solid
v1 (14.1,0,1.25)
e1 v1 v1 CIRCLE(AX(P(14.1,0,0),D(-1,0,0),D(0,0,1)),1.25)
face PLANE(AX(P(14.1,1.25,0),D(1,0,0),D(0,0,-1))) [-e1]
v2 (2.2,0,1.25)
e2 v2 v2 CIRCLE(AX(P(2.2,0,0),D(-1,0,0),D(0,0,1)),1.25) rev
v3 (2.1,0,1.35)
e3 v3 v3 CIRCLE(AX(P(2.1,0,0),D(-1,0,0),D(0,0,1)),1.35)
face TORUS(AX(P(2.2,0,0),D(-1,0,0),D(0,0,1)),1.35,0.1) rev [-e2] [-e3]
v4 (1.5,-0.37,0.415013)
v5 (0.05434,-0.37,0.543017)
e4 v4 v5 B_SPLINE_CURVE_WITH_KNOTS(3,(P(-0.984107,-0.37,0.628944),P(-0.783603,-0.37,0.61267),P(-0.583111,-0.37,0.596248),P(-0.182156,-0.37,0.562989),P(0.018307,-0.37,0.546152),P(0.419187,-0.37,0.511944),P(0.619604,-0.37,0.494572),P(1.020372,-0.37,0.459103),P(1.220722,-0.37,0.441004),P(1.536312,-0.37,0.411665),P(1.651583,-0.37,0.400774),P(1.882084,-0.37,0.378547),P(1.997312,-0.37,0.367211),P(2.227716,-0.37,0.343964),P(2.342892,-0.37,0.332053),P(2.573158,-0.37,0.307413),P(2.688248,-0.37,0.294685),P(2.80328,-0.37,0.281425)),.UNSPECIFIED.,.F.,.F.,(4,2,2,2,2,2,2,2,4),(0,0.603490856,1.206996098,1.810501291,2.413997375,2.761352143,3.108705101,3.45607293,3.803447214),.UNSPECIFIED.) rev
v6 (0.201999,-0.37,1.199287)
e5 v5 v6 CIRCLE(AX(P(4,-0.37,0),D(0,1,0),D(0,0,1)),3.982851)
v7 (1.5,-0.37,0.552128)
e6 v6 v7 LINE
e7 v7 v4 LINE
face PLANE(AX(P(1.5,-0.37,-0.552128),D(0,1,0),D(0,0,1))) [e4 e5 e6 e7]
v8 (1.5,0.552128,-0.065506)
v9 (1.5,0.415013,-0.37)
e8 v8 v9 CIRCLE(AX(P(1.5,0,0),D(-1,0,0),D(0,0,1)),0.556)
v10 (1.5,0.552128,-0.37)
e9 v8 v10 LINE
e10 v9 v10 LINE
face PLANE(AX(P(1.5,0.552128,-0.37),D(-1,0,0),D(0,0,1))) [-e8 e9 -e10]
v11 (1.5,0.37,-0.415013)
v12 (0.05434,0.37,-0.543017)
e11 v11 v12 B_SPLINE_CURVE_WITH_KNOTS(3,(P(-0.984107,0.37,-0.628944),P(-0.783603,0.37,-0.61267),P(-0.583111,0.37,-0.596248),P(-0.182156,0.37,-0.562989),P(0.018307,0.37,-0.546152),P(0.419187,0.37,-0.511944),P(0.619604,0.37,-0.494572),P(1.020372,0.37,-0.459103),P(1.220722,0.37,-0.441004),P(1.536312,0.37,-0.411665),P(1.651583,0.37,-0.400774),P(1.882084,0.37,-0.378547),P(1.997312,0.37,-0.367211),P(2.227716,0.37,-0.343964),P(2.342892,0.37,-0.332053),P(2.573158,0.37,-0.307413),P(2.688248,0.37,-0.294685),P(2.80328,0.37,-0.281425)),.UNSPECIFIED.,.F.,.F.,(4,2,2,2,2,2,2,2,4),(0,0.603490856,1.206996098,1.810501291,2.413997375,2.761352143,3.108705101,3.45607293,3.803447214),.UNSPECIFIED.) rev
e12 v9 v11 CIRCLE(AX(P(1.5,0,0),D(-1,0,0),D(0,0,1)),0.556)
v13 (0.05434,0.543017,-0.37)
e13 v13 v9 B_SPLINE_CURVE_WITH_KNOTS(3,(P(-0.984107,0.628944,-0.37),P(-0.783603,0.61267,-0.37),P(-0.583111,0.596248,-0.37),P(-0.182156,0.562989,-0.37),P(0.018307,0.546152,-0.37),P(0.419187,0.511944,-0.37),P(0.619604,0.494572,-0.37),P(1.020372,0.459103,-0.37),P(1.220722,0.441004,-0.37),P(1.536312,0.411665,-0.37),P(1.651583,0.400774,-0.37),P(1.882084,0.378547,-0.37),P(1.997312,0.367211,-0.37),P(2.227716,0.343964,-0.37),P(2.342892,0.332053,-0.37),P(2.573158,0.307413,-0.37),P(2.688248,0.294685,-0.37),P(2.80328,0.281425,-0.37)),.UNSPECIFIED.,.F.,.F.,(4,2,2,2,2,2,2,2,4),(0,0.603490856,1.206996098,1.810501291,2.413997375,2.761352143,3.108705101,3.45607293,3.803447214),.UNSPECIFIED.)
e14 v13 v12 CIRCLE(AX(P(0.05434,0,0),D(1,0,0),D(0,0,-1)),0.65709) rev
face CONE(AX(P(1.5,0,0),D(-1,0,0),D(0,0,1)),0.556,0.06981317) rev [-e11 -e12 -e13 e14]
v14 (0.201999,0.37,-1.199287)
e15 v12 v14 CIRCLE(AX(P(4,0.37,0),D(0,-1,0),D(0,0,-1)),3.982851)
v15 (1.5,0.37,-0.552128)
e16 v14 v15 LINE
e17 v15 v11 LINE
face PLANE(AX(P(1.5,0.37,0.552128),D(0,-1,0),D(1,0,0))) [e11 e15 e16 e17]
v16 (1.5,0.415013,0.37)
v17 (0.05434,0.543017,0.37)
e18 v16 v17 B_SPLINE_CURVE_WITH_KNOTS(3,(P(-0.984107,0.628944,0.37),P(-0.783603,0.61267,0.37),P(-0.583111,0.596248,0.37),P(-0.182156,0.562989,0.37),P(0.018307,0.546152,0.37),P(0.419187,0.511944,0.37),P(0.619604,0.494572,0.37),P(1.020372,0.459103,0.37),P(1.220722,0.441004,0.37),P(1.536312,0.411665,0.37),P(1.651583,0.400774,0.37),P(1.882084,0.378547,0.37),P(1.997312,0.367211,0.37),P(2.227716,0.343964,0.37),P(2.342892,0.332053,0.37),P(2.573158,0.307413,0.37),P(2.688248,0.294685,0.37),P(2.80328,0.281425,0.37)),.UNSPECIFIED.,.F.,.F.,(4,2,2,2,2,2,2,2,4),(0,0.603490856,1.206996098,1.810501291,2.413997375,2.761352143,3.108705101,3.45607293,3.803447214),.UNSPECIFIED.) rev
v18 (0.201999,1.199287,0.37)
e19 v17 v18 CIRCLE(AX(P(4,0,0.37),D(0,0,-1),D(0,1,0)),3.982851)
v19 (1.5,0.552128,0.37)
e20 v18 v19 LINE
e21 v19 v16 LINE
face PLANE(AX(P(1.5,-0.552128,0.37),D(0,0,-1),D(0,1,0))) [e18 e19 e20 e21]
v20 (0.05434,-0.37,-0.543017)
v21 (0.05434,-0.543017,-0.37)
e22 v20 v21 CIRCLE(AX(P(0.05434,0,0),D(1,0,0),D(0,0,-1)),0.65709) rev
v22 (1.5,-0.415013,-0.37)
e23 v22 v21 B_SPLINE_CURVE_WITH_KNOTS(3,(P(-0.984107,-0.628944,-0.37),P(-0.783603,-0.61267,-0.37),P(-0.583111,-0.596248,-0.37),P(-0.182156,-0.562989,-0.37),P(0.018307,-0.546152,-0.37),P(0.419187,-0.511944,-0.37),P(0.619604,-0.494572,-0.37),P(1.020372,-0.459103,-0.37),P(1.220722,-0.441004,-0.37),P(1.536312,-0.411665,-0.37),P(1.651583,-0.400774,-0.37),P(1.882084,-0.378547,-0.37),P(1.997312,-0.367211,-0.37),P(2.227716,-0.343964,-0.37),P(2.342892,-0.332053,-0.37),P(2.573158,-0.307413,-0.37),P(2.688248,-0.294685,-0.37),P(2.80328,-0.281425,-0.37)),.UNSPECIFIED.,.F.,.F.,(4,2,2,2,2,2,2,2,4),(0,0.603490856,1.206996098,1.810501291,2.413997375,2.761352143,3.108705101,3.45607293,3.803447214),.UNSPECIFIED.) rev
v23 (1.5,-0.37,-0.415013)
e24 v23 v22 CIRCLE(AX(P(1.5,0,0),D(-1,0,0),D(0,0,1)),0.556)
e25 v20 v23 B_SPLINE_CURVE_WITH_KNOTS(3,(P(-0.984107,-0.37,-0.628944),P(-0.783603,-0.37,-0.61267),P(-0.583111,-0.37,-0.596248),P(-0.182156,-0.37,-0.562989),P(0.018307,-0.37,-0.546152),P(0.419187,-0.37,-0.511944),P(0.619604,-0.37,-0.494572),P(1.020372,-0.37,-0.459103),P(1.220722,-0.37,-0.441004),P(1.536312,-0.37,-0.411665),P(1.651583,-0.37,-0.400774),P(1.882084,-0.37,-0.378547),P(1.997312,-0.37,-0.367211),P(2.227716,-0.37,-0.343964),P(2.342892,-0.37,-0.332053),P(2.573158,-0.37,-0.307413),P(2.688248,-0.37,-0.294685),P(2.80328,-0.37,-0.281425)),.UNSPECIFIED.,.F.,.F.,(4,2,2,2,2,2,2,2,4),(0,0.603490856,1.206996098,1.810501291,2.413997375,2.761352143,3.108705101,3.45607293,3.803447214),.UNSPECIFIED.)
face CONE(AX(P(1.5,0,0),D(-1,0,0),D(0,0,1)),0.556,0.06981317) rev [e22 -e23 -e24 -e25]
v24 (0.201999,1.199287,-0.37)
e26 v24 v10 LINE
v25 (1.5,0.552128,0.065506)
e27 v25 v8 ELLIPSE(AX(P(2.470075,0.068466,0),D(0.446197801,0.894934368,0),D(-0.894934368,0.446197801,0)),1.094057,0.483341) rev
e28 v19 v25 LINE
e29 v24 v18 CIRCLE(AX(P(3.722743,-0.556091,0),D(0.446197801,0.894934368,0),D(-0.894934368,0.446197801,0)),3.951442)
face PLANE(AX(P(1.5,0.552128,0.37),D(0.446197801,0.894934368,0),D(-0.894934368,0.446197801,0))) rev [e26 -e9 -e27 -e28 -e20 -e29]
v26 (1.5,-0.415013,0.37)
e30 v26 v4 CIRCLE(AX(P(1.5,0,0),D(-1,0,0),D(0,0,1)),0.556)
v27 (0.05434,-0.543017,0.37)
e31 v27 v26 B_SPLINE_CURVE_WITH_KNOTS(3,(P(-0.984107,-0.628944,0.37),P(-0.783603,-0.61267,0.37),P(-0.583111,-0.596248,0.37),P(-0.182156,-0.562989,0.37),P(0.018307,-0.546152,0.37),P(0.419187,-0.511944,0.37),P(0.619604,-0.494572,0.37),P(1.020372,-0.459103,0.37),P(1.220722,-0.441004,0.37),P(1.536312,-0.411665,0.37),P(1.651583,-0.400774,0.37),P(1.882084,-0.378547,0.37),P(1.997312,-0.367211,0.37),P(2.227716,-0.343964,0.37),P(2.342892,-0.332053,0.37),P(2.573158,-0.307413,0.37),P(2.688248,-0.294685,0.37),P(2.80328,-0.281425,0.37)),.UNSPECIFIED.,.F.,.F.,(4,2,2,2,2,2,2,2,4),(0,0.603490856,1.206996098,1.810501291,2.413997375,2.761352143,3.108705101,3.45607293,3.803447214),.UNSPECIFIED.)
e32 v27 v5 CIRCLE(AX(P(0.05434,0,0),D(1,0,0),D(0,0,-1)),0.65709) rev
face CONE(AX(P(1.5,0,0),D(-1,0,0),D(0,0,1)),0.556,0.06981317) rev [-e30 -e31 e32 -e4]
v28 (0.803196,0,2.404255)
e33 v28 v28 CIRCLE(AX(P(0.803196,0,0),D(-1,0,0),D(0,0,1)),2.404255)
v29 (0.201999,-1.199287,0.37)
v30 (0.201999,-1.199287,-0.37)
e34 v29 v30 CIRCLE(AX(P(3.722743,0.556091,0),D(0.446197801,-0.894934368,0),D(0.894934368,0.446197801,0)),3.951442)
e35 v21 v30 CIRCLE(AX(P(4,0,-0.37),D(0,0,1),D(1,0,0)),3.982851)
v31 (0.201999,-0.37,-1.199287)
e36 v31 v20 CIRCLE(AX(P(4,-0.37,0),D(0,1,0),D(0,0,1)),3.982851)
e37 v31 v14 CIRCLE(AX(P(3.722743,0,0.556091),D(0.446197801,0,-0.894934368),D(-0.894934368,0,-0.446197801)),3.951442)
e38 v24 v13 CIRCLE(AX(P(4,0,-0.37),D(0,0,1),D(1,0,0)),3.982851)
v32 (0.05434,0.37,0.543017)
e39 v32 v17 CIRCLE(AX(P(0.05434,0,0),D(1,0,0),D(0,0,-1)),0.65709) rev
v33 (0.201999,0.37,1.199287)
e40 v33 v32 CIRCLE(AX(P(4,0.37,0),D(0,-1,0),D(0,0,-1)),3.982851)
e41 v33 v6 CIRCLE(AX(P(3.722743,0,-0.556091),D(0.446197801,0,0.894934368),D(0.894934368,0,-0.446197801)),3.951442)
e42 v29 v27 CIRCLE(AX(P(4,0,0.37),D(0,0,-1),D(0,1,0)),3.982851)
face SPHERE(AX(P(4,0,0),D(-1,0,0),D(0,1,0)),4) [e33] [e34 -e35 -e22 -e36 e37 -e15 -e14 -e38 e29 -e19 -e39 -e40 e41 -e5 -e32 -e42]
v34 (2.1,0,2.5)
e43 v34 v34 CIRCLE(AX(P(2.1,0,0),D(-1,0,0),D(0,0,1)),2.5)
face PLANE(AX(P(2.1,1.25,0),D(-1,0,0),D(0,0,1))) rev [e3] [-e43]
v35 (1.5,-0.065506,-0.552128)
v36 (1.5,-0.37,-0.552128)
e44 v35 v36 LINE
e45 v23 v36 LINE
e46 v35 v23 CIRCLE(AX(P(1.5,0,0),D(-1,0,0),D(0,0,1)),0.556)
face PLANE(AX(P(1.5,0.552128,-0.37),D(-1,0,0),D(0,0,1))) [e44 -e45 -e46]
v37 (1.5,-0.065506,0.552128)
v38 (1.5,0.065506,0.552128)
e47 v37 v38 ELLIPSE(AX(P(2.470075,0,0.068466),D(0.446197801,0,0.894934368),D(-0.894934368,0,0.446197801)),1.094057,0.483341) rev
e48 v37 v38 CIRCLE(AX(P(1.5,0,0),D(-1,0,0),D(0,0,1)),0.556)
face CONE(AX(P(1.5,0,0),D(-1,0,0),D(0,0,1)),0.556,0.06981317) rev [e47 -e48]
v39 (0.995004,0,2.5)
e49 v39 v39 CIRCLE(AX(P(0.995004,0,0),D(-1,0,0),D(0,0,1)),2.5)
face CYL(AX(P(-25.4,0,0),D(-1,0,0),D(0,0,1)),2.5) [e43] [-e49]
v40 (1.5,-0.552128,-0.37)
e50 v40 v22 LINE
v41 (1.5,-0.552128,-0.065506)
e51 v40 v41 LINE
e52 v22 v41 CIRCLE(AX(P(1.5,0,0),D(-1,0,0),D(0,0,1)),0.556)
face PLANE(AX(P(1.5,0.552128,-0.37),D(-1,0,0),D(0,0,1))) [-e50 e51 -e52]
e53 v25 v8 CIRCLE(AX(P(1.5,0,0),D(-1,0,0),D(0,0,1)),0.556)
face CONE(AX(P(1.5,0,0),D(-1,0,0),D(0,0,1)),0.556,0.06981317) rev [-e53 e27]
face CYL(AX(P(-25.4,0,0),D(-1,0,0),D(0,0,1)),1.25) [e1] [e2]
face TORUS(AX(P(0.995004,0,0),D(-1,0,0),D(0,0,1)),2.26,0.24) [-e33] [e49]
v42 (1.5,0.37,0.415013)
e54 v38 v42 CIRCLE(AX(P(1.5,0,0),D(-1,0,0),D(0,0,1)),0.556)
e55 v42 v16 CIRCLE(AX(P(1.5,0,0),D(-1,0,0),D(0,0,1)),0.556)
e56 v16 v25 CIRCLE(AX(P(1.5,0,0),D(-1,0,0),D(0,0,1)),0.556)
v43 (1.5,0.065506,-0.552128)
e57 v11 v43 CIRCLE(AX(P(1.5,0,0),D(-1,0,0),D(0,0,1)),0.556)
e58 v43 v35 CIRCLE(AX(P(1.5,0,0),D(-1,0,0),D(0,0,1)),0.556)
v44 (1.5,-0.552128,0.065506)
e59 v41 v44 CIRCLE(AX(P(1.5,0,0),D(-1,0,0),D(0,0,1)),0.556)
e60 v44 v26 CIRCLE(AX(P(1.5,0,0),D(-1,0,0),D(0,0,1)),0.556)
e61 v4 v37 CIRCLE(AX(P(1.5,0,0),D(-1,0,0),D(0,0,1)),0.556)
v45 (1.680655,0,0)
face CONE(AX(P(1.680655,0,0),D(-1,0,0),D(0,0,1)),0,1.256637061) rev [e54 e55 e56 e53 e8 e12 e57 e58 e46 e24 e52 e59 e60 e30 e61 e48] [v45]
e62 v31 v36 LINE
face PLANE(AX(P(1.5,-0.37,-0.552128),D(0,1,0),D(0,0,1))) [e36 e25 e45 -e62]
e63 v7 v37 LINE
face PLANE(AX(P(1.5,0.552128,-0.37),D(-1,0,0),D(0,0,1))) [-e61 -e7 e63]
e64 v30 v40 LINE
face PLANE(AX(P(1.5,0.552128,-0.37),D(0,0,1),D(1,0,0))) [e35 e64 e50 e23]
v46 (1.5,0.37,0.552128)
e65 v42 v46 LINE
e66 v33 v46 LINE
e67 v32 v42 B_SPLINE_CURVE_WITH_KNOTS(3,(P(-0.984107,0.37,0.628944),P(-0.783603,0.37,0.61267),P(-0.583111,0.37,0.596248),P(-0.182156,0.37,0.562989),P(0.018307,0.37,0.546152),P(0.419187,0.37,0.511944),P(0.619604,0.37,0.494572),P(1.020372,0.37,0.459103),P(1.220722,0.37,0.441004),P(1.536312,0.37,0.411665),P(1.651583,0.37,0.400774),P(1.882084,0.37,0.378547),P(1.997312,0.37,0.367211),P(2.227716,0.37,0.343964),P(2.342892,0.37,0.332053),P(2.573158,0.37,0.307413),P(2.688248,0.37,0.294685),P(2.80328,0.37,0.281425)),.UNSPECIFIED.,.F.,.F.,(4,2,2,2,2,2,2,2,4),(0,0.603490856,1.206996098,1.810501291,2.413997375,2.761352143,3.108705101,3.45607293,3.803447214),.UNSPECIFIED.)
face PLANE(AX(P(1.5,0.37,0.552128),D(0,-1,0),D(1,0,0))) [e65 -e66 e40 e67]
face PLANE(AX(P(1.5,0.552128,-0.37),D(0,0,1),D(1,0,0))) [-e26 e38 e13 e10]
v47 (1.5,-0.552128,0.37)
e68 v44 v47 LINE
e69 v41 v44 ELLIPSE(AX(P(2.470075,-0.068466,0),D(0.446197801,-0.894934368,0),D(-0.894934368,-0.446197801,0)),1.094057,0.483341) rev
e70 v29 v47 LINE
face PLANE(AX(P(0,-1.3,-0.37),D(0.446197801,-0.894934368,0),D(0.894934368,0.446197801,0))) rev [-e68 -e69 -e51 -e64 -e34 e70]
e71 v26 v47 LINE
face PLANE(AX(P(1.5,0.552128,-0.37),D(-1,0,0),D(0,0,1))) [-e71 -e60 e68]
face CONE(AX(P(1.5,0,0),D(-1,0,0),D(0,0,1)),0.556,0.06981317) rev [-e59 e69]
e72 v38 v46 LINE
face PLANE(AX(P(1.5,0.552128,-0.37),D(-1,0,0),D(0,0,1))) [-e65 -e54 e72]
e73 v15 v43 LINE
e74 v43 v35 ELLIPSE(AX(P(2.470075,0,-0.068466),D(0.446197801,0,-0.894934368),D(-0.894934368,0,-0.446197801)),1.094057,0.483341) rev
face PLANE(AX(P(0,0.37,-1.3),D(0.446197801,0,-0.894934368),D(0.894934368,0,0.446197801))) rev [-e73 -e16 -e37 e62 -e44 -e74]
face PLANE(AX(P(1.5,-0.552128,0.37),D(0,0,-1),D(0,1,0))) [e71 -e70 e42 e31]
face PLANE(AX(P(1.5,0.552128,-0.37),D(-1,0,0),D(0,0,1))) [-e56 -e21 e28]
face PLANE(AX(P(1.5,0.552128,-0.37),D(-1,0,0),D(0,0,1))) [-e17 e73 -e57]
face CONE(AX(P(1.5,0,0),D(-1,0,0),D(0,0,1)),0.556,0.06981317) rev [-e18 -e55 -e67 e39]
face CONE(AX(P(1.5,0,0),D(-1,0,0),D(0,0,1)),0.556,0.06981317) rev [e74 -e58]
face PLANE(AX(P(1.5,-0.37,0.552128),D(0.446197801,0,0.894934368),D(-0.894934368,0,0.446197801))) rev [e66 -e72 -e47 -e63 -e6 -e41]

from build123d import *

# Parameters (mm, degrees)
FILLET1_R    = 0.1
RECPAT_COUNT = 2
RECPAT_ANGLE = 90


with BuildPart() as part:
    # BodySke → Base-Revolve (revolve)
    with BuildSketch(Plane.XY, mode=Mode.PRIVATE) as base_revolve_sk:
        with BuildLine():
            Line((2.1, 1.25), (2.1, 2.5))
            Line((2.1, 2.5), (0.99500416, 2.5))
            ThreePointArc((0.99500416, 2.5), (0.88781572, 2.474733878), (0.803195915, 2.404255319))
            ThreePointArc((0.803195915, 2.404255319), (0.206109099, 1.267435138), (0, 0))
            Line((0, 0), (14.1, 0))
            Line((14.1, 0), (14.1, 1.25))
            Line((14.1, 1.25), (2.1, 1.25))
        make_face()
    revolve(base_revolve_sk.sketch.rotate(Axis((0.99500416, 0, 0), (1, 0, 0)), 90), axis=Axis((0.99500416, 0, 0), (1, 0, 0)))

    # Fillet1
    fillet1_edges = [part.edges().sort_by_distance(p)[0] for p in [
        (2.1, 0, -1.25),
    ]]
    fillet(fillet1_edges, radius=FILLET1_R)

    # Sketch3 → Recess section 0
    with BuildSketch(Plane(origin=(0, 0, 0), x_dir=(0, 0, -1), z_dir=(1, 0, 0))):
        with BuildLine():
            Line((0.37, -1.3), (-0.37, -1.3))
            Line((-0.37, -1.3), (-0.37, 1.3))
            Line((-0.37, 1.3), (0.37, 1.3))
            Line((0.37, 1.3), (0.37, -1.3))
        make_face()
    # Sketch4 → Recess section 1
    with BuildSketch(Plane(origin=(1.5, 0, 0), x_dir=(0, 0, -1), z_dir=(1, 0, 0))):
        with BuildLine():
            Line((0.37, -0.552127614), (-0.37, -0.552127614))
            Line((-0.37, -0.552127614), (-0.37, 0.552127614))
            Line((-0.37, 0.552127614), (0.37, 0.552127614))
            Line((0.37, 0.552127614), (0.37, -0.552127614))
        make_face()
    recess = loft(mode=Mode.SUBTRACT)

    # RecPat: Recess ×2 about axis
    recpat_axis = Axis((0, 0, 0), (1, 0, 0))
    for i in range(1, RECPAT_COUNT):
        add(recess.rotate(recpat_axis, i * RECPAT_ANGLE / (RECPAT_COUNT - 1)), mode=Mode.SUBTRACT)

    # RecCorSke → RecessCore (revolve, cut)
    with BuildSketch(Plane.XY, mode=Mode.PRIVATE) as recesscore_sk:
        Polygon((0, 0), (0, 0.660890218), (1.5, 0.556), (1.680655351, 0), align=None)
    revolve(recesscore_sk.sketch.rotate(Axis((-3.175, 0, 0), (1, 0, 0)), 17.145865586), axis=Axis((-3.175, 0, 0), (1, 0, 0)), mode=Mode.SUBTRACT)


solid = part.part
